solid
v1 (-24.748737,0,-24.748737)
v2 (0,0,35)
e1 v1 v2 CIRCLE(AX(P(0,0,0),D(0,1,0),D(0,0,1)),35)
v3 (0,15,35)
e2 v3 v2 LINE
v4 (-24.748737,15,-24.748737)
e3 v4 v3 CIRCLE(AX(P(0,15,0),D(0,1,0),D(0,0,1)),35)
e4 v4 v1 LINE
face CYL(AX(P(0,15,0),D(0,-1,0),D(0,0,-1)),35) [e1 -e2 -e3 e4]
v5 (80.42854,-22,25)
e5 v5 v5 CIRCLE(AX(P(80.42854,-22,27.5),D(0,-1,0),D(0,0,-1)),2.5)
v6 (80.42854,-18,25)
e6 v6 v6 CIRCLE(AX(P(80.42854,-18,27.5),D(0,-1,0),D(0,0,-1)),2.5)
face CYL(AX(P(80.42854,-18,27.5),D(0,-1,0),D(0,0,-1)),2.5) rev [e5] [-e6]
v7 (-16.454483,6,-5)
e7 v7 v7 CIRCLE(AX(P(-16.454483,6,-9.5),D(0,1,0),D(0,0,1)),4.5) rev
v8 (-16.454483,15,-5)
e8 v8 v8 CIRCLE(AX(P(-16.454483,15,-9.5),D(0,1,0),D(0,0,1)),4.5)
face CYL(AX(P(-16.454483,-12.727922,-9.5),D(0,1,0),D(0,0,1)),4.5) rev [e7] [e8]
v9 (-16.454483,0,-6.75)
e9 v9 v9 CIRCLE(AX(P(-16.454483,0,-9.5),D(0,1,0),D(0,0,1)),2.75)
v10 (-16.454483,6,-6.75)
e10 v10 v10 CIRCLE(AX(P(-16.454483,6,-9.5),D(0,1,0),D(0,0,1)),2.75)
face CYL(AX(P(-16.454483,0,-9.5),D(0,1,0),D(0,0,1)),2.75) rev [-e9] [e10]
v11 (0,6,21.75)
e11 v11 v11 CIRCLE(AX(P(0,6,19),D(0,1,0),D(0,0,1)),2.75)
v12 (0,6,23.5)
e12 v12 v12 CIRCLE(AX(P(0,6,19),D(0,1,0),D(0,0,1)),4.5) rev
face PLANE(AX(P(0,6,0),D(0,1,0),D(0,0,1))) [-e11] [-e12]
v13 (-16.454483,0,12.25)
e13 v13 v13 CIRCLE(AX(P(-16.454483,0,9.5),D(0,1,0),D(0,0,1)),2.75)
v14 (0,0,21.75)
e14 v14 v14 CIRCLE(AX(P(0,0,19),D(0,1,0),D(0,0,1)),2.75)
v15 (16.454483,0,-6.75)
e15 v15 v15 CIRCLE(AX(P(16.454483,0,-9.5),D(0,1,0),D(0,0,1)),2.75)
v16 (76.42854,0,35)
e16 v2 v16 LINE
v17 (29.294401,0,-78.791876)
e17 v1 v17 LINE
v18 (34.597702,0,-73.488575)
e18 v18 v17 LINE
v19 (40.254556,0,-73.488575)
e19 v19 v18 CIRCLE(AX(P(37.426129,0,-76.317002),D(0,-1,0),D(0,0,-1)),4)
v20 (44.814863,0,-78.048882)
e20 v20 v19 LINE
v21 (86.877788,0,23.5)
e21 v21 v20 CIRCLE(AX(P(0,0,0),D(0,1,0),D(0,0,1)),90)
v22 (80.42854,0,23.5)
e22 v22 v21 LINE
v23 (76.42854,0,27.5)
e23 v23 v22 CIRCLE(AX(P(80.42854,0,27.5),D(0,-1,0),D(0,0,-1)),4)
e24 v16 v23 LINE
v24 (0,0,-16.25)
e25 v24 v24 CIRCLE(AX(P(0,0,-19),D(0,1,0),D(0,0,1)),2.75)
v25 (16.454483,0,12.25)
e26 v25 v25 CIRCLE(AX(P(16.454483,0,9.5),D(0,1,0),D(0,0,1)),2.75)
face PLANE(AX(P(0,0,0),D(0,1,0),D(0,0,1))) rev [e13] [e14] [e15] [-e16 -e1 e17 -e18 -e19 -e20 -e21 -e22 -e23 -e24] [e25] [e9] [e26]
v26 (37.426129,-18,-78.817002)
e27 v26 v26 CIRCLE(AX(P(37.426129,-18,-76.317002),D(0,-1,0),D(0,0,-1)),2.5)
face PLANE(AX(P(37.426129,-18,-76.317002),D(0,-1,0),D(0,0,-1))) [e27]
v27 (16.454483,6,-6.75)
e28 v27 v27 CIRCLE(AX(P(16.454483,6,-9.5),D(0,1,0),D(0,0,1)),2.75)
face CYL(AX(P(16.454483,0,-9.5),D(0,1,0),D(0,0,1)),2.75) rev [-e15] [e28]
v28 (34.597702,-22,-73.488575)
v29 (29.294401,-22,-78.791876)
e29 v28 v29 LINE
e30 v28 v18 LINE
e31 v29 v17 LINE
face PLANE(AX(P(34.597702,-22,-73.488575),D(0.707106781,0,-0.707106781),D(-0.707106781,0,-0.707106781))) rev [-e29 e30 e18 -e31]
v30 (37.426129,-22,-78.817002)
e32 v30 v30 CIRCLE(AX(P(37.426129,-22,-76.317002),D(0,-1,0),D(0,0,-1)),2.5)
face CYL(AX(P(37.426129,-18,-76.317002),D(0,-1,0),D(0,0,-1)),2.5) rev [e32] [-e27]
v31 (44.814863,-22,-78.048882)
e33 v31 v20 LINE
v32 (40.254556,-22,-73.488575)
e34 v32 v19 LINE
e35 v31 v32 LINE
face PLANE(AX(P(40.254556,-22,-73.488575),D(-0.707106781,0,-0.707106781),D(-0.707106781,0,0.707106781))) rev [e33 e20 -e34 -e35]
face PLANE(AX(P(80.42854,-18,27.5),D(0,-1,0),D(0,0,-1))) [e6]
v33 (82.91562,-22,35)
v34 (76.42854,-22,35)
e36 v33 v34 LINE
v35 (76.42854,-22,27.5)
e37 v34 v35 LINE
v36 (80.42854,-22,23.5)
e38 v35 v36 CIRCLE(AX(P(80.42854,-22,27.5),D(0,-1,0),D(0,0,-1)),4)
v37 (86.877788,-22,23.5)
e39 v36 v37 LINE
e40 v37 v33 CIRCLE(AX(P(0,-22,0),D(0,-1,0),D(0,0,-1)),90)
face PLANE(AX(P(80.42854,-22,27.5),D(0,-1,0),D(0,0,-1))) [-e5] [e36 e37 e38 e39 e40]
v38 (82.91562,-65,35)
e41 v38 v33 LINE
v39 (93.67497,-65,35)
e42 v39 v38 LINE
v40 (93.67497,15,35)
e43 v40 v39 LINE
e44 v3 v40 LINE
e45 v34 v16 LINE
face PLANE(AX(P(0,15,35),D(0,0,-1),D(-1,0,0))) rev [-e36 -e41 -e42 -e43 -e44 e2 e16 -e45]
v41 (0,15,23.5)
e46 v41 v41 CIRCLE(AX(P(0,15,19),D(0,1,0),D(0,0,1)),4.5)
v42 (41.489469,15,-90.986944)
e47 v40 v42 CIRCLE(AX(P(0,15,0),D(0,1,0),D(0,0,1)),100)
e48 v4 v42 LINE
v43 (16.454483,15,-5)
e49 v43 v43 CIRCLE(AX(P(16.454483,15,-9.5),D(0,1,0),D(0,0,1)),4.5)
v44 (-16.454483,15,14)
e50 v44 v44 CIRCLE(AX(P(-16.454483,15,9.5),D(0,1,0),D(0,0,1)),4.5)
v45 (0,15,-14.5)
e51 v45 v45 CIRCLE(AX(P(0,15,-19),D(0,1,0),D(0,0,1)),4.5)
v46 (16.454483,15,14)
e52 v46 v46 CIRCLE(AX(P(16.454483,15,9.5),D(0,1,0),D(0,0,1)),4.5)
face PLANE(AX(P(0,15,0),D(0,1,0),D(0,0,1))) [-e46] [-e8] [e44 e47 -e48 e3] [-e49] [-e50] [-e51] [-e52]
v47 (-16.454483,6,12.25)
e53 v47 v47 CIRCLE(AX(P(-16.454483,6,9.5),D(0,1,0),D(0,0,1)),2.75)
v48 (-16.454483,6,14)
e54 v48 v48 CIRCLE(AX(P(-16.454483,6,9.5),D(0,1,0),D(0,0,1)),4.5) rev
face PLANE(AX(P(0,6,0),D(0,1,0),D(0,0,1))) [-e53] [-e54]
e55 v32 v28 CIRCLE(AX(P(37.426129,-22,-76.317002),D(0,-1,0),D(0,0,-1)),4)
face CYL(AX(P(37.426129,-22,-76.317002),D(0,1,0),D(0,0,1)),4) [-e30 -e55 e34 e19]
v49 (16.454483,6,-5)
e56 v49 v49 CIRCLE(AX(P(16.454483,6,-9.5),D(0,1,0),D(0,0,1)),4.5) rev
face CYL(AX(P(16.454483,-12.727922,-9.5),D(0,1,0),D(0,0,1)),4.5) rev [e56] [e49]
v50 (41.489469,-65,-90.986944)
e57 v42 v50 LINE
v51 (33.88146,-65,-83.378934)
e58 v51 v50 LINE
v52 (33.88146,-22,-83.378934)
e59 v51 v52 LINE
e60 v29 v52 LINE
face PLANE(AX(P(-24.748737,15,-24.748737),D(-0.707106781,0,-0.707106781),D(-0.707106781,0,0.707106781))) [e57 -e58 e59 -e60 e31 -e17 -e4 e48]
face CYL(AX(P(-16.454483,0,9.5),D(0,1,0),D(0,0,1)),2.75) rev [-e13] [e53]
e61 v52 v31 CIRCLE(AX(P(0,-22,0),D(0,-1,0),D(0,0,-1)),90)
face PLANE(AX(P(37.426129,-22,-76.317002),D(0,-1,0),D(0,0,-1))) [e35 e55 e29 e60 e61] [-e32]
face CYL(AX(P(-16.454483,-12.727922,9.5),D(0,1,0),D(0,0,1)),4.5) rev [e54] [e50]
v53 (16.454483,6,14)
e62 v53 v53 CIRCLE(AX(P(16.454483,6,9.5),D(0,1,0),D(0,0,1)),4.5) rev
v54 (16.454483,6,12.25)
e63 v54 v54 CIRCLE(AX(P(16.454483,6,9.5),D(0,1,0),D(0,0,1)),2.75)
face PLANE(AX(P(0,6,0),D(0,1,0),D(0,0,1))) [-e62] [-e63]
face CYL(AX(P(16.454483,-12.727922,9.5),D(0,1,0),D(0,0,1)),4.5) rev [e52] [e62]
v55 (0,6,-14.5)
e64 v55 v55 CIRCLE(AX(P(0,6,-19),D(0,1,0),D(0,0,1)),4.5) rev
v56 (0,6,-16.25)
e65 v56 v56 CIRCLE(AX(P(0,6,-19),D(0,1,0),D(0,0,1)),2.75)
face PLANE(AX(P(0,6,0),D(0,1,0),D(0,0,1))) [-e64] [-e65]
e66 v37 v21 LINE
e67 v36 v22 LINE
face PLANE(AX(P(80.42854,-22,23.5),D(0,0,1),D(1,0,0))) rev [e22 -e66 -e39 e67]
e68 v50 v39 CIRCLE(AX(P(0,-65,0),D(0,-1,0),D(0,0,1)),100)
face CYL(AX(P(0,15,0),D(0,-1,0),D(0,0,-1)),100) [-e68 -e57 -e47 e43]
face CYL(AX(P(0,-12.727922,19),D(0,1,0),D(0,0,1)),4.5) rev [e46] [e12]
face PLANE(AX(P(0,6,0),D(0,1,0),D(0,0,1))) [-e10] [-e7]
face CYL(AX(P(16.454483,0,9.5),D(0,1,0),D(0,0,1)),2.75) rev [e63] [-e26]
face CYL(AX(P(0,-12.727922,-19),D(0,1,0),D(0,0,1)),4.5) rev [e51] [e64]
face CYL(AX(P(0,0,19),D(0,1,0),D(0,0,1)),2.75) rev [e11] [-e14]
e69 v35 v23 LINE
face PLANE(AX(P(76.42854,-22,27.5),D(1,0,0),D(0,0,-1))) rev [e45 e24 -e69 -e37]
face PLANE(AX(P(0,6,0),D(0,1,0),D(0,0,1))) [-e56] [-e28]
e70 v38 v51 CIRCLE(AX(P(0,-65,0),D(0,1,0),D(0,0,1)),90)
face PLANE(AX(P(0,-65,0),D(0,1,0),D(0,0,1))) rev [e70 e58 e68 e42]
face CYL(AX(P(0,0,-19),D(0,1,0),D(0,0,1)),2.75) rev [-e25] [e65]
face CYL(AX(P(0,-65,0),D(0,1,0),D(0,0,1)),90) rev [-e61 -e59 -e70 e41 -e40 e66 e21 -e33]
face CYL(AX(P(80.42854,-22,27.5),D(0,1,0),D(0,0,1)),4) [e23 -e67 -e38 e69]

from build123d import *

# Parameters (mm, degrees)
BOSS_EXTRUDE1_DEPTH = 15
SKETCH2_R           = 4.5
CUT_EXTRUDE1_DEPTH  = 9
SKETCH3_R           = 2.75
CUT_EXTRUDE2_DEPTH  = 136.49768983
BOSS_EXTRUDE2_START = 65
BOSS_EXTRUDE2_DEPTH = 65
BOSS_EXTRUDE3_START = 22
BOSS_EXTRUDE3_DEPTH = 22
SKETCH6_R           = 2.5
CUT_EXTRUDE3_DEPTH  = 4


with BuildPart() as part:
    # Sketch1 → Boss-Extrude1 (new body)
    with BuildSketch(Plane(origin=(0, 0, 0), x_dir=(1, 0, 0), z_dir=(0, 1, 0))):
        with BuildLine():
            Line((-24.748737342, 24.748737342), (41.489469156, 90.986943839))
            ThreePointArc((41.489469156, 90.986943839), (92.387953251, 38.268343237), (93.674969976, -35))
            Line((93.674969976, -35), (0, -35))
            ThreePointArc((0, -35), (-32.335783638, -13.393920133), (-24.748737342, 24.748737342))
        make_face()
    extrude(amount=BOSS_EXTRUDE1_DEPTH)

    # Sketch2 → Cut-Extrude1 (cut)
    with BuildSketch(Plane(origin=(0, 15, 0), x_dir=(1, 0, 0), z_dir=(0, 1, 0))):
        with Locations(Location((0, 19, 0), (0, 0, 270))):
            Circle(SKETCH2_R)
        with Locations(Location((16.454482672, 9.5, 0), (0, 0, 270))):
            Circle(SKETCH2_R)
        with Locations(Location((16.454482672, -9.5, 0), (0, 0, 270))):
            Circle(SKETCH2_R)
        with Locations(Location((0, -19, 0), (0, 0, 270))):
            Circle(SKETCH2_R)
        with Locations(Location((-16.454482672, -9.5, 0), (0, 0, 270))):
            Circle(SKETCH2_R)
        with Locations(Location((-16.454482672, 9.5, 0), (0, 0, 270))):
            Circle(SKETCH2_R)
    extrude(amount=-CUT_EXTRUDE1_DEPTH, mode=Mode.SUBTRACT)

    # Sketch3 → Cut-Extrude2 (cut, through all)
    with BuildSketch(Plane(origin=(0, 6, 0), x_dir=(1, 0, 0), z_dir=(0, 1, 0))):
        with Locations(Location((0, 19, 0), (0, 0, 270))):
            Circle(SKETCH3_R)
        with Locations(Location((16.454482672, 9.5, 0), (0, 0, 270))):
            Circle(SKETCH3_R)
        with Locations(Location((16.454482672, -9.5, 0), (0, 0, 270))):
            Circle(SKETCH3_R)
        with Locations(Location((0, -19, 0), (0, 0, 270))):
            Circle(SKETCH3_R)
        with Locations(Location((-16.454482672, -9.5, 0), (0, 0, 270))):
            Circle(SKETCH3_R)
        with Locations(Location((-16.454482672, 9.5, 0), (0, 0, 270))):
            Circle(SKETCH3_R)
    extrude(amount=-CUT_EXTRUDE2_DEPTH, mode=Mode.SUBTRACT)

    # Sketch4 → Boss-Extrude2 (add)
    with BuildSketch(Plane.XZ.offset(BOSS_EXTRUDE2_START)):
        with BuildLine():
            Line((93.674969976, 35), (82.915619759, 35))
            ThreePointArc((82.915619759, 35), (83.149157926, -34.441508913), (33.881459656, -83.378934339))
            Line((33.881459656, -83.378934339), (41.489469156, -90.986943839))
            ThreePointArc((41.489469156, -90.986943839), (92.387953251, -38.268343237), (93.674969976, 35))
        make_face()
    extrude(amount=-BOSS_EXTRUDE2_DEPTH)

    # Sketch5 → Boss-Extrude3 (add)
    with BuildSketch(Plane.XZ.offset(BOSS_EXTRUDE3_START)):
        with BuildLine():
            Line((80.428539711, 23.5), (86.877787725, 23.5))
            ThreePointArc((86.877787725, 23.5), (85.091202872, 29.317012019), (82.915619759, 35))
            Line((82.915619759, 35), (76.428539711, 35))
            Line((76.428539711, 35), (76.428539711, 27.5))
            ThreePointArc((76.428539711, 27.5), (77.600112586, 24.671572875), (80.428539711, 23.5))
        make_face()
        with BuildLine():
            Line((34.597702223, -73.488575188), (29.294401364, -78.791876047))
            Line((29.294401364, -78.791876047), (33.881459656, -83.378934339))
            ThreePointArc((33.881459656, -83.378934339), (39.438308567, -80.898824573), (44.814863477, -78.048882193))
            Line((44.814863477, -78.048882193), (40.254556473, -73.488575188))
            ThreePointArc((40.254556473, -73.488575188), (37.426129348, -72.317002313), (34.597702223, -73.488575188))
        make_face()
    extrude(amount=-BOSS_EXTRUDE3_DEPTH)

    # Sketch6 → Cut-Extrude3 (cut)
    with BuildSketch(Plane.XZ.offset(22)):
        with Locations(Location((80.428539711, 27.5, 0), (0, 0, 270))):
            Circle(SKETCH6_R)
        with Locations(Location((37.426129348, -76.317002313, 0), (0, 0, 270))):
            Circle(SKETCH6_R)
    extrude(amount=-CUT_EXTRUDE3_DEPTH, mode=Mode.SUBTRACT)


solid = part.part
